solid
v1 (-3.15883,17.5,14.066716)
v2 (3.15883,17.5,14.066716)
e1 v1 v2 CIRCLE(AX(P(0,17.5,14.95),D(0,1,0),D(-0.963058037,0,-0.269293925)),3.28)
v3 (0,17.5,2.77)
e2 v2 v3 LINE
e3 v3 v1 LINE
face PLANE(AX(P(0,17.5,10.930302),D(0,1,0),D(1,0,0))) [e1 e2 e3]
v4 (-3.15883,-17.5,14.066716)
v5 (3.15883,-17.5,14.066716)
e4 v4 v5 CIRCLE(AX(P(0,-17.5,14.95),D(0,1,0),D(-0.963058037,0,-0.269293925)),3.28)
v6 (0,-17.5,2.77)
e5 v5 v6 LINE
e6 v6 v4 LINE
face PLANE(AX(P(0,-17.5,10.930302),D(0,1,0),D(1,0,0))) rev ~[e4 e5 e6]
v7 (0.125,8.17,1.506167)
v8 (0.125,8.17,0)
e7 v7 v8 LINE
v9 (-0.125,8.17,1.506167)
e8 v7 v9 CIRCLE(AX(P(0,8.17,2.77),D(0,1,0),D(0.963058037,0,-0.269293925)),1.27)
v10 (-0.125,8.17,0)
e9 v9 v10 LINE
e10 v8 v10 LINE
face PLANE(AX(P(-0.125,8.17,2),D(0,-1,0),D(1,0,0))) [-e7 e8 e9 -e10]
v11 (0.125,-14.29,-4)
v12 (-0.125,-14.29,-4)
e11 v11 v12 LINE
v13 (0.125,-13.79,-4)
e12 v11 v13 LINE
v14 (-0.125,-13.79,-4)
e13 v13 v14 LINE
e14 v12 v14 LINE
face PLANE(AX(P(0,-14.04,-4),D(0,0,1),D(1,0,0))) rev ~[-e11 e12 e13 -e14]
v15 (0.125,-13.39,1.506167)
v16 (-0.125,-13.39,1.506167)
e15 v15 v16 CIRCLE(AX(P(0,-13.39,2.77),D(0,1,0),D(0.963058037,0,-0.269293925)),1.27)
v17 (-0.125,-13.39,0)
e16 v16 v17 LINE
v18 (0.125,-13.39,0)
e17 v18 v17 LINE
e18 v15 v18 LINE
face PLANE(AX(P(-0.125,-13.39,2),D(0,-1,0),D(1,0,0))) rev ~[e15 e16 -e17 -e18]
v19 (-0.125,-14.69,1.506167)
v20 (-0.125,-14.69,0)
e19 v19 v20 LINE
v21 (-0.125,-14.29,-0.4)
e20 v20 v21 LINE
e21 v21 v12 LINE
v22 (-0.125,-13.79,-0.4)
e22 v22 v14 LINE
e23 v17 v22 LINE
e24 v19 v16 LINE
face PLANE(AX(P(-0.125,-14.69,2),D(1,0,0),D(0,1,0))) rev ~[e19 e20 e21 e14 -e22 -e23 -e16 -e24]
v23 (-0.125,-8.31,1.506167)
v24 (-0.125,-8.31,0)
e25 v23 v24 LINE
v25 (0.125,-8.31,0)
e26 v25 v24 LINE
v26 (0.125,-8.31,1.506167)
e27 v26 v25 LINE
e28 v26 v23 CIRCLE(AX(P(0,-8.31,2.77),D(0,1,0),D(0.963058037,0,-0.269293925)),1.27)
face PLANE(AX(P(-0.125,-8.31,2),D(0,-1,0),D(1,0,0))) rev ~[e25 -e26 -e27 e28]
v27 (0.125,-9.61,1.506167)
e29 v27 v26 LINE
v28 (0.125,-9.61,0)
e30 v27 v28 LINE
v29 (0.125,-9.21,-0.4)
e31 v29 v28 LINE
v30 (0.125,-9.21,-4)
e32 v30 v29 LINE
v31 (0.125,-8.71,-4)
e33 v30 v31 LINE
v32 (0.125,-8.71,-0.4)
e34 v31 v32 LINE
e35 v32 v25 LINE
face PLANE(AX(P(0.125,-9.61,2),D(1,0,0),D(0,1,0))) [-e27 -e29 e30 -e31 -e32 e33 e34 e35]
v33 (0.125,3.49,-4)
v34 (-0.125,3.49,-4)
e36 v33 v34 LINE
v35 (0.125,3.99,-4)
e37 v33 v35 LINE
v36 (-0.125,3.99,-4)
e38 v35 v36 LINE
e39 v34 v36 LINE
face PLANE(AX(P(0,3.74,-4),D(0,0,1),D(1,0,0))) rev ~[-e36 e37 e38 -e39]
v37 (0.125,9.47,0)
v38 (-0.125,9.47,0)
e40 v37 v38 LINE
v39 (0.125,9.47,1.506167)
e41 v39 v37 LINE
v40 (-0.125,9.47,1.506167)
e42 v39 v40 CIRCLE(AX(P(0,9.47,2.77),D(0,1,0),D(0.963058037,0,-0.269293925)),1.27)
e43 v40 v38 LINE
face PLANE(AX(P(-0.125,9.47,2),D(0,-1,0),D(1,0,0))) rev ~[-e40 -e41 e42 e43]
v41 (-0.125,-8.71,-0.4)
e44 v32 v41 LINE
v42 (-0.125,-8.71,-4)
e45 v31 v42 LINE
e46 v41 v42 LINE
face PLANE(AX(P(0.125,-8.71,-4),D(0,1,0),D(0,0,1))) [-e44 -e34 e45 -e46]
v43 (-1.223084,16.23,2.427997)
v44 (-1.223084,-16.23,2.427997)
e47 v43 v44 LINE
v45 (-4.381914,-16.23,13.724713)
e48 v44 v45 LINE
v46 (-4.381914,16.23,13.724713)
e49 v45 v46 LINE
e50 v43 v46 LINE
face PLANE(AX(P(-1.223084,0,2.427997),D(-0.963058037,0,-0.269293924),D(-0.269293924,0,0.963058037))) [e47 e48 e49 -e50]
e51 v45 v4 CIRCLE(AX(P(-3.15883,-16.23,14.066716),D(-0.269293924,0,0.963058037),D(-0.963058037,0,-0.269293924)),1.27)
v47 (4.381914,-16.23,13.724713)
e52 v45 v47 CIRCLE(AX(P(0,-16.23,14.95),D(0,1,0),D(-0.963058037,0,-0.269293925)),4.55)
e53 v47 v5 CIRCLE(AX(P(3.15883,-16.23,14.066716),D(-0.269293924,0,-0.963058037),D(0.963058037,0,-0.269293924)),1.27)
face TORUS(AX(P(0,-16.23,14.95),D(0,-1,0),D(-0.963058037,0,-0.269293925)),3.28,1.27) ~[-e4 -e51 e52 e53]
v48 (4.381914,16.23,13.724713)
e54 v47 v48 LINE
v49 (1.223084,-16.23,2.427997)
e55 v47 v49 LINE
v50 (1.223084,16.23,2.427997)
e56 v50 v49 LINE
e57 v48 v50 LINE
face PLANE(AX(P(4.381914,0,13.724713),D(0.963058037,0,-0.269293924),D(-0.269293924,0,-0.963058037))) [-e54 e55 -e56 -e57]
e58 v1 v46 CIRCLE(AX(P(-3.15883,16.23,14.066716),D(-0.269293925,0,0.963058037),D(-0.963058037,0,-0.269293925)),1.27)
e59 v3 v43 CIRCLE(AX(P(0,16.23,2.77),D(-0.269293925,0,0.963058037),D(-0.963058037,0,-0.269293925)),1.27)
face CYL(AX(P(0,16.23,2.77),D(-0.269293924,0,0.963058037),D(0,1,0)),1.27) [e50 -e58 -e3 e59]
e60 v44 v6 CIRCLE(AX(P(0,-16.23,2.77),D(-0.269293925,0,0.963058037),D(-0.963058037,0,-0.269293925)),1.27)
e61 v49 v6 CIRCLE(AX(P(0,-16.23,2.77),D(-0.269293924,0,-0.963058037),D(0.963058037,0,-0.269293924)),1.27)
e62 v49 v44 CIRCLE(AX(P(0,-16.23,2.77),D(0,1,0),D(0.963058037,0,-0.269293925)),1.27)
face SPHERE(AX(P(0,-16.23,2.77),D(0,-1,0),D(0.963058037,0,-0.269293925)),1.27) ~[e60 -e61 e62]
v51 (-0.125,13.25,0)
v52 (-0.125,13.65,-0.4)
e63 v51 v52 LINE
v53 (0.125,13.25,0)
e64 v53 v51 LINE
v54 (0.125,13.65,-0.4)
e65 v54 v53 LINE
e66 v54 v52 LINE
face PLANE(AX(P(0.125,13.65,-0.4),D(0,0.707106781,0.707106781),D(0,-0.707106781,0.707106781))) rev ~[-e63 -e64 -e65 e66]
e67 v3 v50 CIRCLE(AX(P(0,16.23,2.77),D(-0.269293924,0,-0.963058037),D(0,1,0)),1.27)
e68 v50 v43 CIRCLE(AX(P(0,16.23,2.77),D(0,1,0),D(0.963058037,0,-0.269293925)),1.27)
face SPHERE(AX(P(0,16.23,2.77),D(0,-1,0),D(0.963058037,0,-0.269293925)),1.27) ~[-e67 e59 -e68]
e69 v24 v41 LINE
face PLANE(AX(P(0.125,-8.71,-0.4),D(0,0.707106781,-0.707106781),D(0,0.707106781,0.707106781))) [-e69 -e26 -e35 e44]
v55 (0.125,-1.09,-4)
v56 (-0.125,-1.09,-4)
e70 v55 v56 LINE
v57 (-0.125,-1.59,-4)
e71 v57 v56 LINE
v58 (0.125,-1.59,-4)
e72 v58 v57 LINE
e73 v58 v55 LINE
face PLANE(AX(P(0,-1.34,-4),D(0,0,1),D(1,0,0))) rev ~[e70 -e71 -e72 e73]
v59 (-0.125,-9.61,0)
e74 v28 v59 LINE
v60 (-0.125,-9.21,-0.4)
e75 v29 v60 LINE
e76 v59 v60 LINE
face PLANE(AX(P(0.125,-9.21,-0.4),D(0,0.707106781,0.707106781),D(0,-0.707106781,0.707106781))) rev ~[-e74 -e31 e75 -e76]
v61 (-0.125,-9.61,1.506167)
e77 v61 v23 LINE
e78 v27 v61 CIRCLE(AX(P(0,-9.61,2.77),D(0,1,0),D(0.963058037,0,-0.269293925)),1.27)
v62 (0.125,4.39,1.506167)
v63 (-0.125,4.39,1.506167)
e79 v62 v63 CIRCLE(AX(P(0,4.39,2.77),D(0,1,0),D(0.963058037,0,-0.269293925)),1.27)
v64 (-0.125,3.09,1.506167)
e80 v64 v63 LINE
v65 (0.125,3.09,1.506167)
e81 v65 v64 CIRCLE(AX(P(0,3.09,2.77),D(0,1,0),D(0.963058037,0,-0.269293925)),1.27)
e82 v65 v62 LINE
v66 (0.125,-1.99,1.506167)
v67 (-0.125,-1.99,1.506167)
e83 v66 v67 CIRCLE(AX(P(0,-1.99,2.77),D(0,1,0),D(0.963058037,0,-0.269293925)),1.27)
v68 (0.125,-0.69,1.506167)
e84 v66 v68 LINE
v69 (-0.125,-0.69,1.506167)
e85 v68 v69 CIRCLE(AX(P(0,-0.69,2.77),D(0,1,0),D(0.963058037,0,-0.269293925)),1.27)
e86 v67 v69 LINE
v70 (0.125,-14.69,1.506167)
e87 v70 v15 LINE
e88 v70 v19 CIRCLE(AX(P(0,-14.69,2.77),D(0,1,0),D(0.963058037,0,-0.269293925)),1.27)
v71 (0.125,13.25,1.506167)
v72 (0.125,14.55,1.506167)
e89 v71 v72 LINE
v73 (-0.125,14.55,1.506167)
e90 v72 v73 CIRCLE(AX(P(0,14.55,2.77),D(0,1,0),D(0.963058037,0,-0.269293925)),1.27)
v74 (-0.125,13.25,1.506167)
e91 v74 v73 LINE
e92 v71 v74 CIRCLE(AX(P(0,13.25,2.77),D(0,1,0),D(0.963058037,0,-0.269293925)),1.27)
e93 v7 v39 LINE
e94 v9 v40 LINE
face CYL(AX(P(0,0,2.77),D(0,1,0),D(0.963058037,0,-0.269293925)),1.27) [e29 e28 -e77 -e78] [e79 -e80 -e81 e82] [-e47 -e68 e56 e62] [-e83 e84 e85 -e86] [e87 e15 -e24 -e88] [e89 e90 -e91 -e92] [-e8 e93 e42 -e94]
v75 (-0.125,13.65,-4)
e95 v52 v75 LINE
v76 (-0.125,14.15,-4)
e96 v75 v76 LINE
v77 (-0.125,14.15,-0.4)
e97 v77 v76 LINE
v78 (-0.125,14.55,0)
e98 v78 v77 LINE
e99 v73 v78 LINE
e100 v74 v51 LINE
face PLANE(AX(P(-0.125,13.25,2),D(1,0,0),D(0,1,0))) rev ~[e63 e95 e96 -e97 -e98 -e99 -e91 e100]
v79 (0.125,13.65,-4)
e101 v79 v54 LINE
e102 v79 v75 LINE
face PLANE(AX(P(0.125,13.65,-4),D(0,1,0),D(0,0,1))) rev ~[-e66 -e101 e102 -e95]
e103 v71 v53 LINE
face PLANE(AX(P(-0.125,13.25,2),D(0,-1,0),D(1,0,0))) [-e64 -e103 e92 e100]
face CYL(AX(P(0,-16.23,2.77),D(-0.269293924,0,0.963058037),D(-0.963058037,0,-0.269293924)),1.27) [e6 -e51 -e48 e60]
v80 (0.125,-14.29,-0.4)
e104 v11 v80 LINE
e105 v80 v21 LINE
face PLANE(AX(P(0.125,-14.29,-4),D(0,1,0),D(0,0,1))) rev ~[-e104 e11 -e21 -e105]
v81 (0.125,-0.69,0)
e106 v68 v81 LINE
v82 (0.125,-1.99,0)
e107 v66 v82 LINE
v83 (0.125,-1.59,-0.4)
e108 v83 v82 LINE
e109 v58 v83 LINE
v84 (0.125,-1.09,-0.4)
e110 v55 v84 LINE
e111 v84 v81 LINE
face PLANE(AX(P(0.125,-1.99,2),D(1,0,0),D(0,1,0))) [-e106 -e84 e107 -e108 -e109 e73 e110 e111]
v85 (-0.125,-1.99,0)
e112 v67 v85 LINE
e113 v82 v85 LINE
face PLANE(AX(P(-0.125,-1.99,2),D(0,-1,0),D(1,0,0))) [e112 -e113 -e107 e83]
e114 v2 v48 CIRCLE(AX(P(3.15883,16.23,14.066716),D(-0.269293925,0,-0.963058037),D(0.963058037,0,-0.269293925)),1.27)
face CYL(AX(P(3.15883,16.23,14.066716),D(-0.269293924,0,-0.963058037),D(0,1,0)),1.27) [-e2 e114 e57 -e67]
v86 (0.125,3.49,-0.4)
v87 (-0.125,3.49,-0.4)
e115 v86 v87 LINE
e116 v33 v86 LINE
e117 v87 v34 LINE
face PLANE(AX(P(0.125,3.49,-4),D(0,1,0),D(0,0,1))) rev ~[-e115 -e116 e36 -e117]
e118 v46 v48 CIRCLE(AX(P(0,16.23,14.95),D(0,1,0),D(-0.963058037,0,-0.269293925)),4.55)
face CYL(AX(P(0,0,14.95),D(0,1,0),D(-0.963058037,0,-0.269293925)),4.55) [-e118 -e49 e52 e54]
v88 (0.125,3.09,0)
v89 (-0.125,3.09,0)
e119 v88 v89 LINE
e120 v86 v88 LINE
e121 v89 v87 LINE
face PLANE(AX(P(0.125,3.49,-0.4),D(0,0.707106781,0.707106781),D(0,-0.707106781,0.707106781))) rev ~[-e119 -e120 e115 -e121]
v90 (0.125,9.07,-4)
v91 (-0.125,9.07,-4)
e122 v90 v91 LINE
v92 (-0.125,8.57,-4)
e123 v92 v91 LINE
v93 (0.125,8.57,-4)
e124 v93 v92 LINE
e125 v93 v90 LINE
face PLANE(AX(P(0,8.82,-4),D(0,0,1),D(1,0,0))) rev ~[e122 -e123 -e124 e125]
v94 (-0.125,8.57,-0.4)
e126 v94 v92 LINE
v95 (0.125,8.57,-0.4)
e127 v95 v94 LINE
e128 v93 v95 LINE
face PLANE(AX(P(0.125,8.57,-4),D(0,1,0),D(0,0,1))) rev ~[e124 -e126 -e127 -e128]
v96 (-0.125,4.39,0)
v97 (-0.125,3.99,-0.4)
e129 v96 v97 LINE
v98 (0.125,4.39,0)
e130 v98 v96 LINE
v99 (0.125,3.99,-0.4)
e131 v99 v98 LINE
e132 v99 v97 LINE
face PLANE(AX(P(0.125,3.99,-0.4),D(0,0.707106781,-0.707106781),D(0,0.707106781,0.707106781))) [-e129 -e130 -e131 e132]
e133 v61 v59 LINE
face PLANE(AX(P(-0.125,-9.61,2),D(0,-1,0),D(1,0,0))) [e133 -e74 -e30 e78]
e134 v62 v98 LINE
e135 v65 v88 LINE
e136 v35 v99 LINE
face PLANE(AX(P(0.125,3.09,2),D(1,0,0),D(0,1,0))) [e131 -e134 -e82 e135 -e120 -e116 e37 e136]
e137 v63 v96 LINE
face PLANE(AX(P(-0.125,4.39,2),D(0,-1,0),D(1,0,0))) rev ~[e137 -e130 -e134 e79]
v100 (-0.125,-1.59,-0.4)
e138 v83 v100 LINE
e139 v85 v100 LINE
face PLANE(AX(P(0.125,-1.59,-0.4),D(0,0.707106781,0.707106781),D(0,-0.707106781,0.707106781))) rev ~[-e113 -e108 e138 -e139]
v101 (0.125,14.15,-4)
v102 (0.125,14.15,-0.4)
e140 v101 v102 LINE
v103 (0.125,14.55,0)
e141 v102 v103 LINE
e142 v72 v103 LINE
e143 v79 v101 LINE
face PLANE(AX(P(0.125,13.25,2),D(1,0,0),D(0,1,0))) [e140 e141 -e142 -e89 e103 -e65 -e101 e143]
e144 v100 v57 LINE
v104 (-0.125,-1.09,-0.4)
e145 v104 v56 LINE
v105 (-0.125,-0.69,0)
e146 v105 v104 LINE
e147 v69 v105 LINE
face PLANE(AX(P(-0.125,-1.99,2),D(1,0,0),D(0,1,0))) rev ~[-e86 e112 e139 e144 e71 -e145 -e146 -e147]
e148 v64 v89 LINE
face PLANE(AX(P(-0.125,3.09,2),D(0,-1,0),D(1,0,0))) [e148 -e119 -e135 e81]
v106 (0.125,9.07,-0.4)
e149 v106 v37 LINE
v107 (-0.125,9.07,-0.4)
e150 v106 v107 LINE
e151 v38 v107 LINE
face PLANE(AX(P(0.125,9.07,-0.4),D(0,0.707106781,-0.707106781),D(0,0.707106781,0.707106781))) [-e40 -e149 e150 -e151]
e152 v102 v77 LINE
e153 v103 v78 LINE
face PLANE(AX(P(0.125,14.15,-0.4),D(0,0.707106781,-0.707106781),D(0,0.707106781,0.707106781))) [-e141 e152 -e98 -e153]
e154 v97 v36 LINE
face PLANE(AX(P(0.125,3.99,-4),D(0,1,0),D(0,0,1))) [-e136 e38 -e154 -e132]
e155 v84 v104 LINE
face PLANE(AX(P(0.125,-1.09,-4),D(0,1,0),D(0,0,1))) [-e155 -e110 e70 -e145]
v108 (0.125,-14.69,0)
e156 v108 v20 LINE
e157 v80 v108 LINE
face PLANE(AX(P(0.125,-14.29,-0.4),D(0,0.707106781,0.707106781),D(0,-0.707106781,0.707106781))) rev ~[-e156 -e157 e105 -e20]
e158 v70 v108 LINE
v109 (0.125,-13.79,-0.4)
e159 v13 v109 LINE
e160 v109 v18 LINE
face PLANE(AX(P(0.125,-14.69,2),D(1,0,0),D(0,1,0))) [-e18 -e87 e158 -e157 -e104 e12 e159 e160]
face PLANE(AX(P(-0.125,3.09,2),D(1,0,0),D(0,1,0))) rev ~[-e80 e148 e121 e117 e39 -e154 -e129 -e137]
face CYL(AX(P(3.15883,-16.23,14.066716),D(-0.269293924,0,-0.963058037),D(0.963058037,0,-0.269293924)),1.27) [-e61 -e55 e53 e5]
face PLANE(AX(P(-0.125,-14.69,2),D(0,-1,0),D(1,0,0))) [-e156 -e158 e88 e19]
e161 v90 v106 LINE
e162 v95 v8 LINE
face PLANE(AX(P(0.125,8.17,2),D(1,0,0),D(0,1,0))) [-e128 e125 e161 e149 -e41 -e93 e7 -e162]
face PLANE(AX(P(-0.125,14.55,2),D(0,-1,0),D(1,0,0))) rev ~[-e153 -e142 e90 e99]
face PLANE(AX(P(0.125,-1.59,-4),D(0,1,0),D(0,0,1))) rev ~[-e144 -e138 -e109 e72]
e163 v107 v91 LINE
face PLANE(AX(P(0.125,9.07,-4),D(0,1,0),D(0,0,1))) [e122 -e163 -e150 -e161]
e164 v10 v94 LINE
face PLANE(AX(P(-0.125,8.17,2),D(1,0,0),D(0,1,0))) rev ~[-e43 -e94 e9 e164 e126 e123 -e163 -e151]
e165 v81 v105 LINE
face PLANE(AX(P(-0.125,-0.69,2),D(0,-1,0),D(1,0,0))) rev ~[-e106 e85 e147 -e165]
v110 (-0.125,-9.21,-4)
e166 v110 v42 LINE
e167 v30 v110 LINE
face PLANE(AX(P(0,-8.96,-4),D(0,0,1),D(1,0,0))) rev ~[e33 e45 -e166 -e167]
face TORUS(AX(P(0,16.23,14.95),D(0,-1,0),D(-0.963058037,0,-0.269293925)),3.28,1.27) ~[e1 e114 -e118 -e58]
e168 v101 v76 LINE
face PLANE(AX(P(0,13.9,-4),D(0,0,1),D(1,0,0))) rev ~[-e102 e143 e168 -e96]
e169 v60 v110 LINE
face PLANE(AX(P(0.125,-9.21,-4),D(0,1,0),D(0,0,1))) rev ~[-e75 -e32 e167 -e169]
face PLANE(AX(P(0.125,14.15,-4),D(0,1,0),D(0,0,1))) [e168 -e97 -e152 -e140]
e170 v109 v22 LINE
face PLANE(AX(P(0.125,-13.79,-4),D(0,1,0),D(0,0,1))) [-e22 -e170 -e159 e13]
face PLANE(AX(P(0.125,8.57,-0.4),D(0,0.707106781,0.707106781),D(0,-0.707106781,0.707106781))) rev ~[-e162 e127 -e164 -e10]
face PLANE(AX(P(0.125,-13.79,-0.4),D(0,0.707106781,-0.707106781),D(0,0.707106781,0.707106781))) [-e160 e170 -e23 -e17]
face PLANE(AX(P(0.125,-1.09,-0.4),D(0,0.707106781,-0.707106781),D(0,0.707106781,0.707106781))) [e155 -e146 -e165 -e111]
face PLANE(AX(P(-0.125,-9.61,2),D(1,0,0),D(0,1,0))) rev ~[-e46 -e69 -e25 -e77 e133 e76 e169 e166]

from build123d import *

# Parameters (mm, degrees)
BOSS_EXTRUDE1_DEPTH = 17.5
FILLET1_R           = 1.27
SKETCH2_W           = 0.25
SKETCH2_H           = 1.3
BOSS_EXTRUDE2_DEPTH = 6
CUT_EXTRUDE1_REACH  = 28.615
LPATTERN1_COUNT     = 4
LPATTERN1_PITCH     = 5.08
SKETCH4_W           = 0.25
SKETCH4_H           = 1.3
BOSS_EXTRUDE3_DEPTH = 6
CUT_EXTRUDE2_REACH  = 28.615
LPATTERN3_COUNT     = 2
LPATTERN3_PITCH     = 5.08


with BuildPart() as part:
    # Sketch1 → Boss-Extrude1 (new, symmetric)
    with BuildSketch(Plane(origin=(0, 0, 0), x_dir=(1, 0, 0), z_dir=(0, 1, 0))):
        with BuildLine():
            Line((-1.223083707, -2.427996716), (-4.381914067, -13.724712644))
            ThreePointArc((-4.381914067, -13.724712644), (0, -19.5), (4.381914067, -13.724712644))
            Line((4.381914067, -13.724712644), (1.223083707, -2.427996716))
            ThreePointArc((1.223083707, -2.427996716), (0, -1.5), (-1.223083707, -2.427996716))
        make_face()
    extrude(amount=BOSS_EXTRUDE1_DEPTH, both=True)

    # Fillet1
    fillet1_edges = [part.edges().sort_by_distance(p)[0] for p in [
        (0, 17.5, 19.5),
        (2.802498887, 17.5, 8.07635468),
        (0, 17.5, 1.5),
        (2.802498887, -17.5, 8.07635468),
        (0, -17.5, 19.5),
        (-2.802498887, -17.5, 8.07635468),
        (0, -17.5, 1.5),
        (-2.802498887, 17.5, 8.07635468),
    ]]
    fillet(fillet1_edges, radius=FILLET1_R)

    # Sketch2 → Boss-Extrude2 (add)
    with BuildSketch(Plane.XY.offset(2)):
        with Locations((0, 13.9)):
            Rectangle(SKETCH2_W, SKETCH2_H)
    boss_extrude2 = extrude(amount=-BOSS_EXTRUDE2_DEPTH)

    # Sketch3 → Cut-Extrude1 (cut, up to next)
    with BuildSketch(Plane(origin=(0.125, 0, 0), x_dir=(0, 0, -1), z_dir=(1, 0, 0)), mode=Mode.PRIVATE) as cut_extrude1_sk1:
        Polygon((4, 14.150000008), (0.399999992, 14.150000008), (0, 14.55), (4, 14.55), align=None)
    cut_extrude1_tool1 = extrude(cut_extrude1_sk1.sketch, amount=-CUT_EXTRUDE1_REACH, mode=Mode.PRIVATE) & part.part
    # Sketch3 → Cut-Extrude1 (cut, up to next)
    with BuildSketch(Plane(origin=(0.125, 0, 0), x_dir=(0, 0, -1), z_dir=(1, 0, 0)), mode=Mode.PRIVATE) as cut_extrude1_sk2:
        Polygon((4, 13.25), (4, 13.649999992), (0.399999992, 13.649999992), (0, 13.25), align=None)
    cut_extrude1_tool2 = extrude(cut_extrude1_sk2.sketch, amount=-CUT_EXTRUDE1_REACH, mode=Mode.PRIVATE) & part.part
    cut_extrude1_1 = cut_extrude1_tool1.solids().sort_by_distance((0.125, 14.353509, -2.098246))[0]
    add(cut_extrude1_1, mode=Mode.SUBTRACT)
    cut_extrude1_2 = cut_extrude1_tool2.solids().sort_by_distance((0.125, 13.446491, -2.098246))[0]
    add(cut_extrude1_2, mode=Mode.SUBTRACT)
    cut_extrude1 = cut_extrude1_1 + cut_extrude1_2  # Cut-Extrude1 as one shape, for the pattern or mirror that repeats it

    # LPattern1: Boss-Extrude2, Cut-Extrude1 ×4
    with Locations(*[(0, -i * LPATTERN1_PITCH, 0) for i in range(1, LPATTERN1_COUNT)]):
        add(boss_extrude2)
        add(cut_extrude1, mode=Mode.SUBTRACT)

    # Sketch4 → Boss-Extrude3 (add)
    with BuildSketch(Plane.XY.offset(2)):
        with Locations((0, -8.96)):
            Rectangle(SKETCH4_W, SKETCH4_H)
    boss_extrude3 = extrude(amount=-BOSS_EXTRUDE3_DEPTH)

    # Sketch5 → Cut-Extrude2 (cut, up to next)
    with BuildSketch(Plane(origin=(0.125, 0, 0), x_dir=(0, 0, -1), z_dir=(1, 0, 0)), mode=Mode.PRIVATE) as cut_extrude2_sk1:
        Polygon((4, -8.709999992), (0.399999992, -8.709999992), (0, -8.31), (4, -8.31), align=None)
    cut_extrude2_tool1 = extrude(cut_extrude2_sk1.sketch, amount=-CUT_EXTRUDE2_REACH, mode=Mode.PRIVATE) & part.part
    # Sketch5 → Cut-Extrude2 (cut, up to next)
    with BuildSketch(Plane(origin=(0.125, 0, 0), x_dir=(0, 0, -1), z_dir=(1, 0, 0)), mode=Mode.PRIVATE) as cut_extrude2_sk2:
        Polygon((4, -9.61), (4, -9.210000008), (0.399999992, -9.210000008), (0, -9.61), align=None)
    cut_extrude2_tool2 = extrude(cut_extrude2_sk2.sketch, amount=-CUT_EXTRUDE2_REACH, mode=Mode.PRIVATE) & part.part
    cut_extrude2_1 = cut_extrude2_tool1.solids().sort_by_distance((0.125, -8.506491, -2.098246))[0]
    add(cut_extrude2_1, mode=Mode.SUBTRACT)
    cut_extrude2_2 = cut_extrude2_tool2.solids().sort_by_distance((0.125, -9.413509, -2.098246))[0]
    add(cut_extrude2_2, mode=Mode.SUBTRACT)
    cut_extrude2 = cut_extrude2_1 + cut_extrude2_2  # Cut-Extrude2 as one shape, for the pattern or mirror that repeats it

    # LPattern3: Boss-Extrude3, Cut-Extrude2 ×2
    with Locations(*[(0, -i * LPATTERN3_PITCH, 0) for i in range(1, LPATTERN3_COUNT)]):
        add(boss_extrude3)
        add(cut_extrude2, mode=Mode.SUBTRACT)


solid = part.part
